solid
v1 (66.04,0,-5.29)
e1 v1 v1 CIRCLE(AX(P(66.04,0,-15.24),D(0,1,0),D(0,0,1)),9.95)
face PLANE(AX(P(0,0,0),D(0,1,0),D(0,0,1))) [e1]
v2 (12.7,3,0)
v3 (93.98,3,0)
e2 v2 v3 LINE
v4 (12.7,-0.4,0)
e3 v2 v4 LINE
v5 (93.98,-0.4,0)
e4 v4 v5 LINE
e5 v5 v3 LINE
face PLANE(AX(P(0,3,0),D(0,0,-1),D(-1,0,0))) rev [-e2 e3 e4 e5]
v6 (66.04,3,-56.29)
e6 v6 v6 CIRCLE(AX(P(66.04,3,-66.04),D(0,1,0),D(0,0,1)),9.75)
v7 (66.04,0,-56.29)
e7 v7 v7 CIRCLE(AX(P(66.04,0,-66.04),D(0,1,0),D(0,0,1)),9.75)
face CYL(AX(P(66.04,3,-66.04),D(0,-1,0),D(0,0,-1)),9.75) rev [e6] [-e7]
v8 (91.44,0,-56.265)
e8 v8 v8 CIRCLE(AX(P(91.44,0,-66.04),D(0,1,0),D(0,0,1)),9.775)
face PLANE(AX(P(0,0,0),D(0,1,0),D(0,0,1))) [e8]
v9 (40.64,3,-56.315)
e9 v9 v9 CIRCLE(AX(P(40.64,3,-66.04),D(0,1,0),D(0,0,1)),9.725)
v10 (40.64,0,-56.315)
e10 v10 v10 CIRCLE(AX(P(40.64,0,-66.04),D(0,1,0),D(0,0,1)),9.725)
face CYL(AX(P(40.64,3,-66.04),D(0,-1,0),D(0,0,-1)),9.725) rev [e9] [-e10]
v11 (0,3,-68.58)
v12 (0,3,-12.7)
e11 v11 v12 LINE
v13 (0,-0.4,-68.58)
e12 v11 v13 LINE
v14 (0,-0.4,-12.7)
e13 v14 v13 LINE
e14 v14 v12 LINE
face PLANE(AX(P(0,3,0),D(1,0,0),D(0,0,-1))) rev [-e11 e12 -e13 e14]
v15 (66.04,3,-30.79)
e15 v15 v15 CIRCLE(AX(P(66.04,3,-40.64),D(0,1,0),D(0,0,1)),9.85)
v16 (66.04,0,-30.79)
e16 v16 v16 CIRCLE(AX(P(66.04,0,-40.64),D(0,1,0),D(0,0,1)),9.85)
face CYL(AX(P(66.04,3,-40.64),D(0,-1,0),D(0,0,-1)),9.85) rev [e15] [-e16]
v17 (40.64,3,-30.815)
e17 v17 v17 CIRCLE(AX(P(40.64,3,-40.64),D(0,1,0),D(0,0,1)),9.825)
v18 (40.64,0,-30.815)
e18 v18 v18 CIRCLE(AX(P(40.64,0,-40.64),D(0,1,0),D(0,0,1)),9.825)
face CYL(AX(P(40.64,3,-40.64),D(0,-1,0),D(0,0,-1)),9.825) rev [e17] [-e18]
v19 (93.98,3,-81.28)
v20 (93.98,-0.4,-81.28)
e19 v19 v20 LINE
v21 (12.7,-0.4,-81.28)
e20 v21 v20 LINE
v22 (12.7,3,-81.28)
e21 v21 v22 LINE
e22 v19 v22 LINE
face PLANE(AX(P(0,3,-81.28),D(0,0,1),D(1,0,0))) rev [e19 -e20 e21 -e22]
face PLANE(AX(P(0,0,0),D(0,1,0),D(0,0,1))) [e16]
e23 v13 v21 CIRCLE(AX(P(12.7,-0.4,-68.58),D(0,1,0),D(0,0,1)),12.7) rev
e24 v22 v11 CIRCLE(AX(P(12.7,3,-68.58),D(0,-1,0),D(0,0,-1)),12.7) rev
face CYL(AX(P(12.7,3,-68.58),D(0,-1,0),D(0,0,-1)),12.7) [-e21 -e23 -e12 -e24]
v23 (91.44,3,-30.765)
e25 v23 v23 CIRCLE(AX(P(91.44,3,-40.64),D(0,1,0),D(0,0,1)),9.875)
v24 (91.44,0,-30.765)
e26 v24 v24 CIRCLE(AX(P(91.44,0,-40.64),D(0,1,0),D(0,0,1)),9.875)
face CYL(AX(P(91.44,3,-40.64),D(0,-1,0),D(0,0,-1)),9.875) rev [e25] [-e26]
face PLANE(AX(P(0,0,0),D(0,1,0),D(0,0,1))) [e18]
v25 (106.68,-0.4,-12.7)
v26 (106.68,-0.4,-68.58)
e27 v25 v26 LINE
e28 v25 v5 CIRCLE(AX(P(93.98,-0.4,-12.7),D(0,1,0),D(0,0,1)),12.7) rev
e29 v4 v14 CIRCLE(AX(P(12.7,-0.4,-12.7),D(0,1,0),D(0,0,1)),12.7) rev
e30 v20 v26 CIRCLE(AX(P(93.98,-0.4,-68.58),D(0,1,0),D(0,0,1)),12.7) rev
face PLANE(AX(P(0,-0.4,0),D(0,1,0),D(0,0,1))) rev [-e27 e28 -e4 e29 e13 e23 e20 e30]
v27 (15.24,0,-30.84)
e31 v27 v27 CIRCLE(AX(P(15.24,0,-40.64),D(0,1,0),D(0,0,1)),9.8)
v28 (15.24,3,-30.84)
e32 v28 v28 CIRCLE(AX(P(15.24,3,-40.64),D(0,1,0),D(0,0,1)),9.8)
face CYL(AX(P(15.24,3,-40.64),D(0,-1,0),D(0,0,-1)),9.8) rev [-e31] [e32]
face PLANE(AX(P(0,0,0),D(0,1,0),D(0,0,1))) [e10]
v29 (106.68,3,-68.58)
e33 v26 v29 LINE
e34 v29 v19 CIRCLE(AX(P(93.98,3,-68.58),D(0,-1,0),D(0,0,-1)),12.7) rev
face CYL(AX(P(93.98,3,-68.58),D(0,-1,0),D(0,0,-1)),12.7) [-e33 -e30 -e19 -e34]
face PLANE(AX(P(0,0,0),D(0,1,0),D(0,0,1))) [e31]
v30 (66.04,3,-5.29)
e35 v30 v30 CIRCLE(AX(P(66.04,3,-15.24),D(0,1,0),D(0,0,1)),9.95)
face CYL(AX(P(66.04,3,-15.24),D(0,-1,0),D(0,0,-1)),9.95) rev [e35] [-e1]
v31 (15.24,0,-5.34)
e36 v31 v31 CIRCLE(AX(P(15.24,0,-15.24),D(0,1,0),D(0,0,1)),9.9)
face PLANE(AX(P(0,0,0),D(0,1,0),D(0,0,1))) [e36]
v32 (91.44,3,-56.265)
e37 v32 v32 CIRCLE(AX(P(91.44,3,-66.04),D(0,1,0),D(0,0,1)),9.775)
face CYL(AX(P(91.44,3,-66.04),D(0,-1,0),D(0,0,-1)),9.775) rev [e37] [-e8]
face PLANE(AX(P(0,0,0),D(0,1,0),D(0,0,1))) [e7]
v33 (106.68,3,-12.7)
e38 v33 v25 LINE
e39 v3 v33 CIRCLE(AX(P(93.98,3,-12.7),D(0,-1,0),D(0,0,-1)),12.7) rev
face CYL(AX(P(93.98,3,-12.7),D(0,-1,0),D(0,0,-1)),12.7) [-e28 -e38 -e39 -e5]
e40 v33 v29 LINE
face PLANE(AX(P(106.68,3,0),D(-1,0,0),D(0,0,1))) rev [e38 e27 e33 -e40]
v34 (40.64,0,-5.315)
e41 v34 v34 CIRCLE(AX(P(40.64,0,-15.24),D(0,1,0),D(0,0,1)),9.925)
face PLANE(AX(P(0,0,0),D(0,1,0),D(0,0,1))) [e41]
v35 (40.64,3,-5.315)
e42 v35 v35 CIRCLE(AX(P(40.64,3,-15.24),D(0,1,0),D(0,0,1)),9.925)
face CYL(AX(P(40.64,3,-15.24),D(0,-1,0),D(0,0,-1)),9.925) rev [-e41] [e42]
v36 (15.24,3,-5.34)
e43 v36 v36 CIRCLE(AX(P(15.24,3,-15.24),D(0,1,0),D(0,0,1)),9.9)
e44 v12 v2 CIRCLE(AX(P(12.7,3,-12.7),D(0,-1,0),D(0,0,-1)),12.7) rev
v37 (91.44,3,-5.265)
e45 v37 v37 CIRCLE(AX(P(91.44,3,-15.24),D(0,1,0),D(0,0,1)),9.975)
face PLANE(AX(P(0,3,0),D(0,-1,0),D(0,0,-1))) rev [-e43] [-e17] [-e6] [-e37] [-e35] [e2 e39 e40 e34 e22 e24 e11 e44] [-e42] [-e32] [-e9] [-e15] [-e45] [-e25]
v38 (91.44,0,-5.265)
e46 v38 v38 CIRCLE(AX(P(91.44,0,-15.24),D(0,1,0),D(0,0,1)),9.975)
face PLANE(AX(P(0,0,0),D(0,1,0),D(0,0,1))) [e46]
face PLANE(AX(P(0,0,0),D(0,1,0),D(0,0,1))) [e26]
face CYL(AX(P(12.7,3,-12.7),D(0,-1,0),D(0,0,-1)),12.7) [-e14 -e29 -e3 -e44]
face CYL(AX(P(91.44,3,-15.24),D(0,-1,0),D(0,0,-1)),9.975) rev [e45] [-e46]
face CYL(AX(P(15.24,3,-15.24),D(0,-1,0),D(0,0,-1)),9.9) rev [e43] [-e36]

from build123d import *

# Parameters (mm, degrees)
SKETCH1_W           = 106.68
SKETCH1_H           = 81.28
SKETCH1_R           = 9.8
SKETCH1_R_2         = 9.825
SKETCH1_R_3         = 9.85
SKETCH1_R_4         = 9.875
SKETCH1_R_5         = 9.9
SKETCH1_R_6         = 9.925
SKETCH1_R_7         = 9.95
SKETCH1_R_8         = 9.975
SKETCH1_R_9         = 9.775
SKETCH1_R_10        = 9.75
SKETCH1_R_11        = 9.725
BOSS_EXTRUDE1_DEPTH = 3
SKETCH1_2_W         = 106.68
SKETCH1_2_H         = 81.28
BOSS_EXTRUDE2_DEPTH = 0.4
FILLET1_R           = 12.7


with BuildPart() as part:
    # Sketch1 → Boss-Extrude1 (new body)
    with BuildSketch(Plane(origin=(0, 0, 0), x_dir=(1, 0, 0), z_dir=(0, 1, 0))):
        with Locations((53.34, 40.64)):
            Rectangle(SKETCH1_W, SKETCH1_H)
        with Locations((15.24, 40.64)):
            Circle(SKETCH1_R, mode=Mode.SUBTRACT)
        with Locations((40.64, 40.64)):
            Circle(SKETCH1_R_2, mode=Mode.SUBTRACT)
        with Locations((66.04, 40.64)):
            Circle(SKETCH1_R_3, mode=Mode.SUBTRACT)
        with Locations((91.44, 40.64)):
            Circle(SKETCH1_R_4, mode=Mode.SUBTRACT)
        with Locations((15.24, 15.24)):
            Circle(SKETCH1_R_5, mode=Mode.SUBTRACT)
        with Locations((40.64, 15.24)):
            Circle(SKETCH1_R_6, mode=Mode.SUBTRACT)
        with Locations((66.04, 15.24)):
            Circle(SKETCH1_R_7, mode=Mode.SUBTRACT)
        with Locations((91.44, 15.24)):
            Circle(SKETCH1_R_8, mode=Mode.SUBTRACT)
        with Locations((91.44, 66.04)):
            Circle(SKETCH1_R_9, mode=Mode.SUBTRACT)
        with Locations((66.04, 66.04)):
            Circle(SKETCH1_R_10, mode=Mode.SUBTRACT)
        with Locations((40.64, 66.04)):
            Circle(SKETCH1_R_11, mode=Mode.SUBTRACT)
    extrude(amount=BOSS_EXTRUDE1_DEPTH)

    # Sketch1<2> → Boss-Extrude2 (add)
    with BuildSketch(Plane(origin=(0, 0, 0), x_dir=(1, 0, 0), z_dir=(0, 1, 0))):
        with Locations((53.34, 40.64)):
            Rectangle(SKETCH1_2_W, SKETCH1_2_H)
    extrude(amount=-BOSS_EXTRUDE2_DEPTH)

    # Fillet1
    fillet1_edges = [part.edges().sort_by_distance(p)[0] for p in [
        (0, 1.3, -81.28),
        (106.68, 1.3, -81.28),
        (106.68, 1.3, 0),
        (0, 1.3, 0),
    ]]
    fillet(fillet1_edges, radius=FILLET1_R)


solid = part.part
